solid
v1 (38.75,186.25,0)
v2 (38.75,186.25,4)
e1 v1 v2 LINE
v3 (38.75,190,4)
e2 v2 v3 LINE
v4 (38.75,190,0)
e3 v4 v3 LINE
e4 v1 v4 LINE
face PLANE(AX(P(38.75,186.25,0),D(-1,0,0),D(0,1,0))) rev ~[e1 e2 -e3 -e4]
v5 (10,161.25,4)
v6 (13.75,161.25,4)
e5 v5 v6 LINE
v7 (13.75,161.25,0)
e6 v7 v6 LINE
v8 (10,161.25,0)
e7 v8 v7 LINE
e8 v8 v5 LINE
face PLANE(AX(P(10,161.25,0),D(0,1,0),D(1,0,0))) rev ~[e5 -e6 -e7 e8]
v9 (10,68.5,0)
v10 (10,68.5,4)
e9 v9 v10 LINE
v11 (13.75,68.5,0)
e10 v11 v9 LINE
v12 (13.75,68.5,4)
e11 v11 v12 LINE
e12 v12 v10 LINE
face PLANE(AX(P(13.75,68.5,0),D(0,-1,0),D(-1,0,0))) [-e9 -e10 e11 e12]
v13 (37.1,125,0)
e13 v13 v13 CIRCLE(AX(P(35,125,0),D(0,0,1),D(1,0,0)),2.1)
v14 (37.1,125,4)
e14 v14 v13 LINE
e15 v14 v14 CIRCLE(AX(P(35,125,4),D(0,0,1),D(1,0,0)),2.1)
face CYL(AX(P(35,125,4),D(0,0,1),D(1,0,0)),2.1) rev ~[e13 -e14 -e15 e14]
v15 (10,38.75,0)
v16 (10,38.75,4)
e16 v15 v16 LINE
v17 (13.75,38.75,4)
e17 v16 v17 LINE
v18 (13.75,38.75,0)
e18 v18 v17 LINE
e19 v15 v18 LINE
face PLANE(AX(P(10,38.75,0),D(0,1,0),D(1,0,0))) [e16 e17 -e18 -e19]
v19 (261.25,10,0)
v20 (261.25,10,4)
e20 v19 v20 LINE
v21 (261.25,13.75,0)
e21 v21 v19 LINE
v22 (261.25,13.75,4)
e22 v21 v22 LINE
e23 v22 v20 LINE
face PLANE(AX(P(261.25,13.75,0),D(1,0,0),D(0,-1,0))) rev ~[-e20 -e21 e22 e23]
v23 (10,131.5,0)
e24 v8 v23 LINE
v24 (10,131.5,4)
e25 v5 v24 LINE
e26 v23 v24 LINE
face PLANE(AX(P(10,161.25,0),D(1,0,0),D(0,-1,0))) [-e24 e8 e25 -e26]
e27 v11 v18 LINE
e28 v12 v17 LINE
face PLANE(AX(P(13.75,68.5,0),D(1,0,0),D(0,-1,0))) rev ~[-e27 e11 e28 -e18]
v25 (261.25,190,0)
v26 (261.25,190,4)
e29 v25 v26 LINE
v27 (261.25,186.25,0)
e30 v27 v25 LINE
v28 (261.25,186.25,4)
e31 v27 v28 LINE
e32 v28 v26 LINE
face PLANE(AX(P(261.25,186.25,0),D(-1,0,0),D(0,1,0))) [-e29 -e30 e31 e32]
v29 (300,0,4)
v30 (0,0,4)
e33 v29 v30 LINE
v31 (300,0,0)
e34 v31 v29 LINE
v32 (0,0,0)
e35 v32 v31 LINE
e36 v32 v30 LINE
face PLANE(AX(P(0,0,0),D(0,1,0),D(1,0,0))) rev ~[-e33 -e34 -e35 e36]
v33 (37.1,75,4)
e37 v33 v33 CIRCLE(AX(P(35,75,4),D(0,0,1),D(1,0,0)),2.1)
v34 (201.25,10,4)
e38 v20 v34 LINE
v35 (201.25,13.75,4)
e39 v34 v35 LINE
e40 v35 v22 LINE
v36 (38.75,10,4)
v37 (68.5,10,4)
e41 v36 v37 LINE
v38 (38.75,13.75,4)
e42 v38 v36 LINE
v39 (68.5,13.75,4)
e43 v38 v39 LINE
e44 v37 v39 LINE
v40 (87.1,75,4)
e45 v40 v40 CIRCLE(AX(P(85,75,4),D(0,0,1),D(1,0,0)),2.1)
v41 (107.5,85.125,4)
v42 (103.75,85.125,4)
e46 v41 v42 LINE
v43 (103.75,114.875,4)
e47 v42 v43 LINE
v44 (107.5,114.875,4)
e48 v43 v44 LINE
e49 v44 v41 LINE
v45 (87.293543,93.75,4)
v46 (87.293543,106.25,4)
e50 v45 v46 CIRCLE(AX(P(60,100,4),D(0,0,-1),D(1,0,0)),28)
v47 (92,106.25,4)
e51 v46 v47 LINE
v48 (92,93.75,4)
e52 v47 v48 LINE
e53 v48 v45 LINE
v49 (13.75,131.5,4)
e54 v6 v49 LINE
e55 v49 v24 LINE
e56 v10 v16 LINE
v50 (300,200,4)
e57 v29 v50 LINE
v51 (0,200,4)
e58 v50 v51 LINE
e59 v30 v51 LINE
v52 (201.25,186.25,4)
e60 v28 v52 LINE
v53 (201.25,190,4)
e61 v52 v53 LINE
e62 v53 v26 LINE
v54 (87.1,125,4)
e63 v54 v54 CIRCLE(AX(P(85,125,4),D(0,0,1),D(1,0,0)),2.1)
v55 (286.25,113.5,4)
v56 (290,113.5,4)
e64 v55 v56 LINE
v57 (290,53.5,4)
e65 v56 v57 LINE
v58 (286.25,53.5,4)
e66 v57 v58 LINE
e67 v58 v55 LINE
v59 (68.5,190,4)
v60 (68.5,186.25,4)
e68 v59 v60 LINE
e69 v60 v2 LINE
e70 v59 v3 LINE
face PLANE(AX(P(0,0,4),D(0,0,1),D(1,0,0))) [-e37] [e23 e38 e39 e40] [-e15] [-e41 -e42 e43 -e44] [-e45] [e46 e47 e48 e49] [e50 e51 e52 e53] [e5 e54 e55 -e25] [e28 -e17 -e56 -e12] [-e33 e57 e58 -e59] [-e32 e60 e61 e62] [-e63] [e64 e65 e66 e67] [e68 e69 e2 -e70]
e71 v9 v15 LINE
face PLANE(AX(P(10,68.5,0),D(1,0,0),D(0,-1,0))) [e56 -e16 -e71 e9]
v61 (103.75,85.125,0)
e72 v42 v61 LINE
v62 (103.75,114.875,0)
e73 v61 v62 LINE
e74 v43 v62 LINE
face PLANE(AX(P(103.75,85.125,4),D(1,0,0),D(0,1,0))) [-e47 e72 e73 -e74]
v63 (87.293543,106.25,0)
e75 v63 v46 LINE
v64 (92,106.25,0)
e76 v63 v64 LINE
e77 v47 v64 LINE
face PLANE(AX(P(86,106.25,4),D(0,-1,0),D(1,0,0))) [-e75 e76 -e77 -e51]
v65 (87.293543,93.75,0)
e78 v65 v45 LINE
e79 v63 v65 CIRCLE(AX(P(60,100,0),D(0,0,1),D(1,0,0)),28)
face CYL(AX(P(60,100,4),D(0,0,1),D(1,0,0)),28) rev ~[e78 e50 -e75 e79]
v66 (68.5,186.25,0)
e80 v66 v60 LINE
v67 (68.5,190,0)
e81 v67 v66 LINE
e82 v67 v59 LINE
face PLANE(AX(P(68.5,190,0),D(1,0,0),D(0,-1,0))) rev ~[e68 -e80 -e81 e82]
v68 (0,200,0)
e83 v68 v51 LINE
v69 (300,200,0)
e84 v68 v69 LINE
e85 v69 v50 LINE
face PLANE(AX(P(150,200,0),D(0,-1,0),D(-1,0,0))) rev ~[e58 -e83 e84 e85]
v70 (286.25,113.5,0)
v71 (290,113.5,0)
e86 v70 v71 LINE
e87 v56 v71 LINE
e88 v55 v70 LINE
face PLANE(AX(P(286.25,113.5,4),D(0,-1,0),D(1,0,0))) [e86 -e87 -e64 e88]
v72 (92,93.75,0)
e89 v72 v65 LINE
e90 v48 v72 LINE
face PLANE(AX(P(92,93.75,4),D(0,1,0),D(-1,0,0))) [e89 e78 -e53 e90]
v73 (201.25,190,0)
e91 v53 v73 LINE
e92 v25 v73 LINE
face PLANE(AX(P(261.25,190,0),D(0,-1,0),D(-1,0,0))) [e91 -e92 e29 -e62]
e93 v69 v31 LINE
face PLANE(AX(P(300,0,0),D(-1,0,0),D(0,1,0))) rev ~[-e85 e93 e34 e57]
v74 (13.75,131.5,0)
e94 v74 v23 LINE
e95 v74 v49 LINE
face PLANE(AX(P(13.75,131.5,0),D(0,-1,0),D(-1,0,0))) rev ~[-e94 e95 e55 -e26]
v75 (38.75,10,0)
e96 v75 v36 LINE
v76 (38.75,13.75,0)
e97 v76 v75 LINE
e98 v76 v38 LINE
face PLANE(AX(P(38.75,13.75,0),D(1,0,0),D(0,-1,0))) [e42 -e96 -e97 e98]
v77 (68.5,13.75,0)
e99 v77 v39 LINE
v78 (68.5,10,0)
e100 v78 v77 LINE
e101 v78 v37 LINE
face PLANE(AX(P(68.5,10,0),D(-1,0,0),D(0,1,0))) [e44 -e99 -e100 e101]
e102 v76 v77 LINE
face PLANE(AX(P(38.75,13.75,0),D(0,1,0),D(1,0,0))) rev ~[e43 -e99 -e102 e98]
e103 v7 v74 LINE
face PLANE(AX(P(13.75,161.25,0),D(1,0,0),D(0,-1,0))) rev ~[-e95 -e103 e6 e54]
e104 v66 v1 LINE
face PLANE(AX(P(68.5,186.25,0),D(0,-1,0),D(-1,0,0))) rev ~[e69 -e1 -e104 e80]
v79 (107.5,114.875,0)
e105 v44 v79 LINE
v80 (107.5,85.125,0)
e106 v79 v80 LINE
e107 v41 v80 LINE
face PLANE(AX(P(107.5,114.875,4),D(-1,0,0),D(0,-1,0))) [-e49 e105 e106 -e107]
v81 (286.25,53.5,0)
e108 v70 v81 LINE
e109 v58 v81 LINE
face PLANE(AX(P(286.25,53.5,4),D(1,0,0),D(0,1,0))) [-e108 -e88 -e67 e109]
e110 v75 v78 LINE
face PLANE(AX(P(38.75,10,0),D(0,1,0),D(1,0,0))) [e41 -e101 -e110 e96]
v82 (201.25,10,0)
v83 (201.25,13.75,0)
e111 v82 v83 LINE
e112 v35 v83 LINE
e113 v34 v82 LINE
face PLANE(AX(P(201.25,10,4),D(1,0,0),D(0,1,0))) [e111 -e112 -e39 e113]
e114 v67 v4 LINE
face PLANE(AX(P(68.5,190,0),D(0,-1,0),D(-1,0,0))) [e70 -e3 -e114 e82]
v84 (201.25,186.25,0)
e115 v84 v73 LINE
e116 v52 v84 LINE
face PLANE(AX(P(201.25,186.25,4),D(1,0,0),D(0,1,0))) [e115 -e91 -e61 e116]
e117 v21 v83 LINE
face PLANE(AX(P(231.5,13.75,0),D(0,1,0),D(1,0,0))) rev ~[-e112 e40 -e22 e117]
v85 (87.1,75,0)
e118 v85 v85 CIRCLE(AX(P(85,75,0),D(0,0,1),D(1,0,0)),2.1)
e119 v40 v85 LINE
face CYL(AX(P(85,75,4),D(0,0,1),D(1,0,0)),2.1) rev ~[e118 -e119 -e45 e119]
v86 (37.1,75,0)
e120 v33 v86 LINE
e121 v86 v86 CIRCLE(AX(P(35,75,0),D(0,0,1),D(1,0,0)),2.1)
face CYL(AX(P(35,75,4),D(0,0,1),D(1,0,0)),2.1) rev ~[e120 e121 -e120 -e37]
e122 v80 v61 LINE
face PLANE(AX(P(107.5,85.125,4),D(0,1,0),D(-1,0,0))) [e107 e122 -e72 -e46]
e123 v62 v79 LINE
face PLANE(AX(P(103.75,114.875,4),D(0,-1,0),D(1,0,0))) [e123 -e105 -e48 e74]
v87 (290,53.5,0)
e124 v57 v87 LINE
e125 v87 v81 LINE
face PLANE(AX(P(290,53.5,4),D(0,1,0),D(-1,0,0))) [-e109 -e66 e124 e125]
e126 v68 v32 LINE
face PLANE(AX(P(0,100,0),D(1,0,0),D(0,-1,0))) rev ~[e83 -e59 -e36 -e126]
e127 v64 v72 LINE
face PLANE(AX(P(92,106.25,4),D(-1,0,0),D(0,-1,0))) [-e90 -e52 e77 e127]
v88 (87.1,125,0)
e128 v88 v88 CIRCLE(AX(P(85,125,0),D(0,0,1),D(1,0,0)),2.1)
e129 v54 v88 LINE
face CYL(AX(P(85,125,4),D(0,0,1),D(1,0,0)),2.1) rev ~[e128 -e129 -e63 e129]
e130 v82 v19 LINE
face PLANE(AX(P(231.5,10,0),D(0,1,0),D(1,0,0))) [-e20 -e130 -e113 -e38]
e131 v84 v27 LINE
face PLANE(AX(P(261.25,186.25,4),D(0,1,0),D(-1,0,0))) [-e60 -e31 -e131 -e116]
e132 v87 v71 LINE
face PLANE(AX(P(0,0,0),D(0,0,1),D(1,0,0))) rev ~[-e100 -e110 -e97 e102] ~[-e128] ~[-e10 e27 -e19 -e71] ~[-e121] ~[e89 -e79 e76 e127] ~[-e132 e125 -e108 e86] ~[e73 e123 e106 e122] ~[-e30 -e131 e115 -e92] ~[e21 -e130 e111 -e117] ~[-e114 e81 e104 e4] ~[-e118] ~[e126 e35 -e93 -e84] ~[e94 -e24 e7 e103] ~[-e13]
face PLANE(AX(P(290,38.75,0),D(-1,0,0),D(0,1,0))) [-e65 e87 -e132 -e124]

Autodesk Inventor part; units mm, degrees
ref_plane "YZ Plane" through (0, 0, 0) normal (1, 0, 0) x (0, 1, 0)
ref_plane "XZ Plane" through (0, 0, 0) normal (0, 1, 0) x (-1, 0, 0)
ref_plane "XY Plane" through (0, 0, 0) normal (0, 0, 1) x (1, 0, 0)
sketch "Sketch1" plane through (0, 0, 0) normal (0, 0, 1) x (1, 0, 0)
  line L0 (0, 0) -> (300, 0)
  line L1 (300, 0) -> (300, 200)
  line L2 (300, 200) -> (0, 200)
  line L3 (0, 200) -> (0, 0)
  line L4 (10, 10) -> (290, 10)
  line L5 (290, 10) -> (290, 190)
  line L6 (290, 190) -> (10, 190)
  line L7 (10, 190) -> (10, 10)
  line L8 (13.75, 13.75) -> (286.25, 13.75)
  line L9 (286.25, 13.75) -> (286.25, 186.25)
  line L10 (286.25, 186.25) -> (13.75, 186.25)
  line L11 (13.75, 186.25) -> (13.75, 13.75)
  line L12 (38.75, 190) -> (68.5, 190)
  line L13 (68.5, 190) -> (68.5, 186.25)
  line L14 (68.5, 186.25) -> (38.75, 186.25)
  line L15 (38.75, 186.25) -> (38.75, 190)
  line L16 (10, 161.25) -> (13.75, 161.25)
  line L17 (13.75, 161.25) -> (13.75, 131.5)
  line L18 (13.75, 131.5) -> (10, 131.5)
  line L19 (10, 131.5) -> (10, 161.25)
  line L20 (0, 0) -> (150, 0)
  line L21 (150, 0) -> (150, 100)
  line L22 (150, 100) -> (0, 100)
  line L23 (0, 100) -> (0, 0)
  line L24 (38.75, 10) -> (68.5, 10)
  line L25 (68.5, 10) -> (68.5, 13.75)
  line L26 (68.5, 13.75) -> (38.75, 13.75)
  line L27 (38.75, 13.75) -> (38.75, 10)
  line L28 (10, 38.75) -> (13.75, 38.75)
  line L29 (13.75, 38.75) -> (13.75, 68.5)
  line L30 (13.75, 68.5) -> (10, 68.5)
  line L31 (10, 68.5) -> (10, 38.75)
  line L32 (150, 200) -> (150, 100)
  line L33 (300, 200) -> (300, 0)
  line L34 (261.25, 190) -> (231.5, 190)
  line L35 (231.5, 190) -> (231.5, 186.25)
  line L36 (231.5, 186.25) -> (261.25, 186.25)
  line L37 (261.25, 186.25) -> (261.25, 190)
  line L38 (290, 161.25) -> (286.25, 161.25)
  line L39 (286.25, 161.25) -> (286.25, 131.5)
  line L40 (286.25, 131.5) -> (290, 131.5)
  line L41 (290, 131.5) -> (290, 161.25)
  line L42 (300, 100) -> (300, 0)
  line L43 (261.25, 13.75) -> (261.25, 10)
  line L44 (231.5, 10) -> (231.5, 13.75)
  line L45 (231.5, 13.75) -> (261.25, 13.75)
  line L46 (261.25, 10) -> (231.5, 10)
  line L47 (286.25, 68.5) -> (290, 68.5)
  line L48 (290, 38.75) -> (286.25, 38.75)
  line L49 (290, 68.5) -> (290, 38.75)
  line L50 (286.25, 38.75) -> (286.25, 68.5)
  point P0 (13.75, 161.25)
  point P1 (10, 131.5)
  point P2 (10, 68.5)
  point P3 (13.75, 68.5)
  point P4 (13.75, 38.75)
  point P5 (10, 38.75)
  point P6 (68.5, 13.75)
  point P7 (68.5, 10)
  point P8 (38.75, 10)
  point P9 (38.75, 13.75)
  point P10 (231.5, 186.25)
  point P11 (231.5, 190)
  point P12 (261.25, 190)
  point P13 (261.25, 186.25)
  point P14 (286.25, 131.5)
  point P15 (286.25, 161.25)
  point P16 (290, 161.25)
  point P17 (261.25, 13.75)
  point P18 (261.25, 10)
  point P19 (231.5, 10)
  point P20 (231.5, 13.75)
  point P21 (286.25, 68.5)
  point P22 (286.25, 38.75)
  point P23 (68.5, 190)
  dimension "d0" = 300
  dimension "d1" = 200
  dimension "d2" = 280
  dimension "d3" = 180
  dimension "d4" = 10
  dimension "d5" = 10
  dimension "d6" = 3.75
  dimension "d7" = 3.75
  dimension "d8" = 3.75
  dimension "d9" = 3.75
  dimension "d10" = 25
  dimension "d11" = 29.75
  dimension "d12" = 29.75
  dimension "d13" = 25
  dimension "d14" = 100
  dimension "d15" = 150
extrude "Extrusion1" add sketch "Sketch1" along normal blind 4 contours L3 L22 L7 L4 L21 L0 | L21 L4 L5 L6 L32 L2 L1 L0 | L3 L2 L32 L6 L7 L22 | L21 L8 L44 L4 | L4 L25 L8 L21 | L22 L11 L30 L7 | L7 L18 L11 L22 | L21 L32 L10 L9 L8 | L8 L11 L22 L21 | L11 L10 L32 L22 | L4 L7 L28 L11 L8 L27 | L43 L8 L9 L48 L5 L4 | L32 L10 L13 L6 | L6 L35 L10 L32 | L7 L6 L15 L10 L11 L16 | L6 L5 L38 L9 L10 L37 | L47 L9 L40 L5
sketch "Sketch2" plane through (0, 0, 4) normal (0, 0, 1) x (1, 0, 0)
  line L0 (0, 0) -> (60, 0)
  line L1 (60, 0) -> (60, 100)
  line L2 (60, 100) -> (0, 100)
  line L3 (0, 100) -> (0, 0)
  circle A0 centre (60, 100) radius 28
  circle A1 centre (85, 125) radius 2.1
  circle A2 centre (35, 125) radius 2.1
  circle A3 centre (35, 75) radius 2.1
  circle A4 centre (85, 75) radius 2.1
  dimension "d16" = 4
  dimension "d18" = 100
  dimension "d19" = 60
  dimension "d20" = 56
  dimension "d21" = 4.2
  dimension "d22" = 4.2
  dimension "d23" = 4.2
  dimension "d24" = 4.2
  dimension "d25" = 50
  dimension "d26" = 50
  dimension "d27" = 50
  dimension "d28" = 50
  dimension "d29" = 25
  dimension "d30" = 25
  dimension "d31" = 25
  dimension "d32" = 25
extrude "Extrusion2" cut sketch "Sketch2" against normal blind 10 contours A0 L2 L1 | L1 L2 A0 | A1 | A2 | A3 | A4
sketch "Sketch5" plane through (0, 0, 4) normal (0, 0, 1) x (1, 0, 0)
  line L0 (103.75, 114.875) -> (107.5, 114.875)
  line L1 (107.5, 114.875) -> (107.5, 85.125)
  line L2 (107.5, 85.125) -> (103.75, 85.125)
  line L3 (103.75, 85.125) -> (103.75, 114.875)
  line L4 (13.75, 68.5) -> (13.75, 38.75) projected
  line L5 (0, 0) -> (300, 0) projected
  point P0 (107.5, 100)
  dimension "d53" = 3.75
  dimension "d54" = 29.75
  dimension "d55" = 90
  dimension "d56" = 100
extrude "Extrusion5" cut sketch "Sketch5" against normal through all
sketch "Sketch6" plane through (0, 0, 4) normal (0, 0, 1) x (1, 0, 0)
  line L0 (286.25, 38.75) -> (286.25, 68.5) projected
  line L1 (290, 38.75) -> (286.25, 38.75)
  line L2 (286.25, 38.75) -> (286.25, 68.5)
  line L3 (286.25, 68.5) -> (290, 68.5)
  line L4 (290, 68.5) -> (290, 38.75)
  line L5 (286.25, 131.5) -> (286.25, 161.25) projected
  line L6 (290, 131.5) -> (286.25, 131.5)
  line L7 (286.25, 131.5) -> (286.25, 161.25)
  line L8 (286.25, 161.25) -> (290, 161.25)
  line L9 (290, 161.25) -> (290, 131.5)
  line L10 (290, 68.5) -> (290, 38.75) projected
  line L11 (290, 53.5) -> (286.25, 53.5)
  line L12 (286.25, 53.5) -> (286.25, 113.5)
  line L13 (286.25, 113.5) -> (290, 113.5)
  line L14 (290, 113.5) -> (290, 53.5)
  point P0 (0, 0)
  dimension "d59" = 60
  dimension "d60" = 15
extrude "Extrusion6" add sketch "Sketch6" against normal blind 4 contours L0 L11 L4 L1 | L5 L8 L9 L6
extrude "Extrusion7" cut sketch "Sketch6" against normal blind 4 contours L0 L3 L4 L11 | L12 L13 L14 L3
sketch "Sketch7" plane through (0, 0, 4) normal (0, 0, 1) x (1, 0, 0)
  line L0 (261.25, 186.25) -> (231.5, 186.25) projected
  line L1 (261.25, 186.25) -> (201.25, 186.25)
  line L2 (201.25, 186.25) -> (201.25, 190)
  line L3 (201.25, 190) -> (261.25, 190)
  line L4 (261.25, 190) -> (261.25, 186.25)
  line L5 (231.5, 190) -> (261.25, 190) projected
  line L6 (261.25, 13.75) -> (261.25, 10) projected
  line L7 (261.25, 10) -> (201.25, 10)
  line L8 (201.25, 10) -> (201.25, 13.75)
  line L9 (201.25, 13.75) -> (261.25, 13.75)
  line L10 (261.25, 13.75) -> (261.25, 10)
  point P0 (0, 0)
  dimension "d65" = 0
  dimension "d66" = 60
  dimension "d67" = 3.75
  dimension "d68" = 60
extrude "Extrusion8" cut sketch "Sketch7" against normal through all
sketch "Sketch8" plane through (0, 0, 4) normal (0, 0, 1) x (1, 0, 0)
  line L0 (86, 106.25) -> (92, 106.25)
  line L1 (92, 106.25) -> (92, 93.75)
  line L2 (92, 93.75) -> (86, 93.75)
  line L3 (86, 93.75) -> (86, 106.25)
  line L4 (0, 200) -> (0, 0) projected
  line L5 (0, 0) -> (300, 0) projected
  dimension "d73" = 6
  dimension "d74" = 12.5
  dimension "d75" = 92
  dimension "d76" = 93.75
extrude "Extrusion9" cut sketch "Sketch8" against normal through all
properties part number "bovenstuk_8AUG"
